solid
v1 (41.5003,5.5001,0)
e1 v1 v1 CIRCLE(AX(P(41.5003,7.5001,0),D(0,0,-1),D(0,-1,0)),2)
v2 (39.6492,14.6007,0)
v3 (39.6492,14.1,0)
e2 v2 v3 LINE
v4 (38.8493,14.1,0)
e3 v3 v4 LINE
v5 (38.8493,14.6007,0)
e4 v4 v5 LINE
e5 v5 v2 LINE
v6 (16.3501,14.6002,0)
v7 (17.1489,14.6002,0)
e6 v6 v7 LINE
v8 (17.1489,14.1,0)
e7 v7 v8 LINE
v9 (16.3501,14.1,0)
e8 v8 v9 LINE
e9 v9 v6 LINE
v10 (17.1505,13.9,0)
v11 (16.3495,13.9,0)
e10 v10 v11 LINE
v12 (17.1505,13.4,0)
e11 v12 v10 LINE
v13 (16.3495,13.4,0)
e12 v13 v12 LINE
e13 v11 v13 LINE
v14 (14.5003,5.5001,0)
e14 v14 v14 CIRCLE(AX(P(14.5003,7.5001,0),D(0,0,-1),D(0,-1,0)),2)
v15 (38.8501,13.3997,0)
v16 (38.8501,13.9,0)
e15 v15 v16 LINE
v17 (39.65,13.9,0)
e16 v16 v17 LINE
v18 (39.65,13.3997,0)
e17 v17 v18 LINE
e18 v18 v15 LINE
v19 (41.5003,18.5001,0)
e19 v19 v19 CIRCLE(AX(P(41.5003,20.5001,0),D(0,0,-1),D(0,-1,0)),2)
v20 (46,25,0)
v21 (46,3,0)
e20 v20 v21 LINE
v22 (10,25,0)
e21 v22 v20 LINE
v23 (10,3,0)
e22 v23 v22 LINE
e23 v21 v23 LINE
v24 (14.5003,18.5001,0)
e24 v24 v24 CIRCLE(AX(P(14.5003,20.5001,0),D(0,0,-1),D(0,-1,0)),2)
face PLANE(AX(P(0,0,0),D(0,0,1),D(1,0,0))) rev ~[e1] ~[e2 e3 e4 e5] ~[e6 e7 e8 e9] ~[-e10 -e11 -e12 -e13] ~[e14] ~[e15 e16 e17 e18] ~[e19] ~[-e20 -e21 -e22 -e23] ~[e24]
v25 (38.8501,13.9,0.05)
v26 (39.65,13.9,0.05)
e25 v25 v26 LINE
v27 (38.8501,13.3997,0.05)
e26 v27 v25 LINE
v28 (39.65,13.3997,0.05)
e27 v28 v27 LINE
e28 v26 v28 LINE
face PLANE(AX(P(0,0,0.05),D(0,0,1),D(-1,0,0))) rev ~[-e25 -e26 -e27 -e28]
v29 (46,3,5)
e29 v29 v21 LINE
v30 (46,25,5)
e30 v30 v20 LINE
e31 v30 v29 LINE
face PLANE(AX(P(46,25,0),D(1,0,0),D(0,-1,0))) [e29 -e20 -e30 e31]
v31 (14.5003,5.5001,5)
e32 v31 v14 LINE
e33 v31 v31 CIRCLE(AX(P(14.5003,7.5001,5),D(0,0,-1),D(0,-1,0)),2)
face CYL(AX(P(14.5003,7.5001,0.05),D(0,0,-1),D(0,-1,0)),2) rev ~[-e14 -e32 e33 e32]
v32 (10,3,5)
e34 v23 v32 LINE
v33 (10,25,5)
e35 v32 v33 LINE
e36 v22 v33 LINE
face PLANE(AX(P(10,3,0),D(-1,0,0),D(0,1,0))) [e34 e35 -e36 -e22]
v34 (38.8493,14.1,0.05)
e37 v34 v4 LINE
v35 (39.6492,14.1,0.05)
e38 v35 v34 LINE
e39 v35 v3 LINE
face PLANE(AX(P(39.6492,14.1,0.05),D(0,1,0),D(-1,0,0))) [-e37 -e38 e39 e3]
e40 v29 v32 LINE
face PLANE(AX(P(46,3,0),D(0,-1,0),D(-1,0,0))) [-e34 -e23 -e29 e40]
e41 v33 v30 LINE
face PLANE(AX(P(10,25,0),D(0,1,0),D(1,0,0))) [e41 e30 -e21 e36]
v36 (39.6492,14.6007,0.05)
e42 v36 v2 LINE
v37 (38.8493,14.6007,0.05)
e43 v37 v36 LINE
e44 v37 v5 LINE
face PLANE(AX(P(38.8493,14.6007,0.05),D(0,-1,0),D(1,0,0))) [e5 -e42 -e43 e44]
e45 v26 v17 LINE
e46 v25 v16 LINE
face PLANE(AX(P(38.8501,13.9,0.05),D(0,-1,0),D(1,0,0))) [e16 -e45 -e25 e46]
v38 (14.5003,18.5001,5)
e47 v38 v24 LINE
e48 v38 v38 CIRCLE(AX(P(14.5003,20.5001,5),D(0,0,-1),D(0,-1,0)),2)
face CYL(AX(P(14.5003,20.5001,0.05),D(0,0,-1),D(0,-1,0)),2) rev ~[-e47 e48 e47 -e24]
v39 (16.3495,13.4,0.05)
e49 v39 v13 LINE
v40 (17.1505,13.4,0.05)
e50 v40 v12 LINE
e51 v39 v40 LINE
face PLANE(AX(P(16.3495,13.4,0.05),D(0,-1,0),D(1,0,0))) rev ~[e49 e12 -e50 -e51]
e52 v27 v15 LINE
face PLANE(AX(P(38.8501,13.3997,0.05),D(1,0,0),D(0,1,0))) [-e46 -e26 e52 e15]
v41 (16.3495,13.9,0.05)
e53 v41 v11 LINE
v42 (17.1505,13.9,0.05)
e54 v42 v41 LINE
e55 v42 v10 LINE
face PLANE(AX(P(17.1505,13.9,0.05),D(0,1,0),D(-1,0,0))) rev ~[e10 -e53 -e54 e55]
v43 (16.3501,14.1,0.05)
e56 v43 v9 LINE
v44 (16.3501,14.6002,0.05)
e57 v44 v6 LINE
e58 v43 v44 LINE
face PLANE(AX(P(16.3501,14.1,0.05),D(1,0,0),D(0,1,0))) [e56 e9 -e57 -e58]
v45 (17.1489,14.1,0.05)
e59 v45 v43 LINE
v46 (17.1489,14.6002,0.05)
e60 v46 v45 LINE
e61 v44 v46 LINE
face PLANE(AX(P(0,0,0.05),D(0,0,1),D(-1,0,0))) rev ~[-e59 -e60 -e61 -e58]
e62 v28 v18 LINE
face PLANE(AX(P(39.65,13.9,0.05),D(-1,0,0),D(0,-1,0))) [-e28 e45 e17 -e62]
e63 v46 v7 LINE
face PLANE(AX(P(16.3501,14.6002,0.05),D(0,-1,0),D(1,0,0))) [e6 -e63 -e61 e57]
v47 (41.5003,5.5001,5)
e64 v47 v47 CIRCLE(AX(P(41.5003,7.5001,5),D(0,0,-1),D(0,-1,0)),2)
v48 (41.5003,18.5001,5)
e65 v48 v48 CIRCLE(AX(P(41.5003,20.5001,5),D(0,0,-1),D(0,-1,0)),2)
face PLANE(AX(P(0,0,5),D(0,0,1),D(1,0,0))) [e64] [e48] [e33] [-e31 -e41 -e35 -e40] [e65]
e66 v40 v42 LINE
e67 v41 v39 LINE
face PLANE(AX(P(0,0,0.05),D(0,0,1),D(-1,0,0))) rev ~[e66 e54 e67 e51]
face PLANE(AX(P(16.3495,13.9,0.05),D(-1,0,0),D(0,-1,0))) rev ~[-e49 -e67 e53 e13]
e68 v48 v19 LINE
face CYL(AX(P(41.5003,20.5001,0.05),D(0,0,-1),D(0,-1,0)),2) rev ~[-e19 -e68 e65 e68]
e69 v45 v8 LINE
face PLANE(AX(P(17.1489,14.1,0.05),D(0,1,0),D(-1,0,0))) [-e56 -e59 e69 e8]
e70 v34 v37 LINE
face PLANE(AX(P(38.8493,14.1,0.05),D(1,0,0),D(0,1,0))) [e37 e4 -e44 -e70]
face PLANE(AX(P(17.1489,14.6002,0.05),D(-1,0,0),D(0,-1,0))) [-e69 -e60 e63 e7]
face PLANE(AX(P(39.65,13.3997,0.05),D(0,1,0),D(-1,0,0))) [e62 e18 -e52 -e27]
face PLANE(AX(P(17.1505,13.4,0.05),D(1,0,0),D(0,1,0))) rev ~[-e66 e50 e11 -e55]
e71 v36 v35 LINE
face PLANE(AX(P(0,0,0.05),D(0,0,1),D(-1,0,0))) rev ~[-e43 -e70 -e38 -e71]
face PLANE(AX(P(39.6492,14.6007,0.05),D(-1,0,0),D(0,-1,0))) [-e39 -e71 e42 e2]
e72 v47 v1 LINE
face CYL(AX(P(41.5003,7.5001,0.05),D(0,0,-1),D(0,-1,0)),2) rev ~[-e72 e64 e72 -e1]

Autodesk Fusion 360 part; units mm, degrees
sketch "Sketch1" plane through (0, 0, 0) normal (0, 0, 1) x (1, 0, 0)
  line L0 (10, 25) -> (46, 25)
  line L1 (46, 25) -> (46, 3)
  line L2 (46, 3) -> (10, 3)
  line L3 (10, 3) -> (10, 25)
  dimension "d1" = 36
  dimension "d2" = 22
extrude "Extrude1" add sketch "Sketch1" along normal blind 5
sketch "Sketch2" plane through (0, 0, 5) normal (0, 0, 1) x (-1, 0, 0)
  line L0 (-10, -3) -> (-46, -3)
  line L1 (-46, -3) -> (-46, -25)
  line L2 (-46, -25) -> (-10, -25)
  line L3 (-10, -25) -> (-10, -3)
  line L4 (-21.9549, -14.5099) -> (-33.9998, -14.5099)
  line L5 (-33.9998, -14.5099) -> (-33.9998, -13.5007)
  line L6 (-33.9998, -13.5007) -> (-21.9549, -13.5007)
  line L7 (-21.9549, -13.5007) -> (-21.9549, -14.5099)
hole "Hole3" at (14.5003, 20.5001, 5) direction (0, 0, -1) diameter 4 depth 5 tip angle 180
pattern_linear "R-Pattern2" count 2 spacing 13 along (0, -1, 0) count 2 spacing 27 along (1, 0, 0) of "Hole3"

Autodesk Fusion 360 part; units mm, degrees
sketch "Sketch1" plane through (0, 0, 0) normal (0, 0, 1) x (1, 0, 0)
  line L0 (10, 25) -> (46, 25)
  line L1 (46, 25) -> (46, 3)
  line L2 (46, 3) -> (10, 3)
  line L3 (10, 3) -> (10, 25)
  dimension "d1" = 36
  dimension "d2" = 22
extrude "Extrude1" add sketch "Sketch1" along normal blind 0.05
sketch "Sketch5" plane through (0, 0, 0.05) normal (0, 0, 1) x (-1, 0, 0)
  line L0 (-10, -3) -> (-46, -3)
  line L1 (-46, -3) -> (-46, -25)
  line L2 (-46, -25) -> (-10, -25)
  line L3 (-10, -25) -> (-10, -3)
  line L4 (-16.7182, -15.0406) -> (-21.9549, -13.5007)
  line L5 (-21.9549, -14.5099) -> (-16.0325, -16.2515)
  line L6 (-16.7182, -15.0406) -> (-16.0325, -16.2515)
hole "Hole3" at (14.5003, 20.5001, 0.05) direction (0, 0, -1) diameter 4 depth 4 tip angle 180
pattern_linear "R-Pattern2" count 2 spacing 13 along (0, -1, 0) count 2 spacing 27 along (1, 0, 0) of "Hole3"
sketch "Sketch11" plane through (0, 0, 0.05) normal (0, 0, 1) x (-1, 0, 0)
  circle A0 centre (-41.5003, -7.5001) radius 2
  circle A1 centre (-41.5003, -20.5001) radius 2
  circle A2 centre (-14.5003, -7.5001) radius 2
  circle A3 centre (-14.5003, -20.5001) radius 2
  line L0 (-10, -3) -> (-46, -3)
  line L1 (-46, -3) -> (-46, -25)
  line L2 (-46, -25) -> (-10, -25)
  line L3 (-10, -25) -> (-10, -3)
  line L4 (-16.3501, -14.6002) -> (-17.1489, -14.6002)
  line L5 (-17.1489, -14.6002) -> (-17.1489, -14.1)
  line L6 (-17.1489, -14.1) -> (-16.3501, -14.1)
  line L7 (-16.3501, -14.1) -> (-16.3501, -14.6002)
  line L8 (-16.3495, -13.4) -> (-17.1505, -13.4)
  line L9 (-17.1505, -13.4) -> (-17.1505, -13.9)
  line L10 (-17.1505, -13.9) -> (-16.3495, -13.9)
  line L11 (-16.3495, -13.9) -> (-16.3495, -13.4)
extrude "Extrude8" cut sketch "Sketch11" against normal blind 1.6 contours L4 L5 L6 L7 | L8 L9 L10 L11
sketch "Sketch15" plane through (0, 0, 0.05) normal (0, 0, 1) x (-1, 0, 0)
  line L0 (-16.3495, -13.4) -> (-16.3495, -13.9)
  line L1 (-16.3495, -13.9) -> (-17.1505, -13.9)
  line L2 (-17.1505, -13.9) -> (-17.1505, -13.4)
  line L3 (-17.1505, -13.4) -> (-16.3495, -13.4)
  line L4 (-16.3501, -14.6002) -> (-17.1489, -14.6002)
  line L5 (-17.1489, -14.6002) -> (-17.1489, -14.1)
  line L6 (-17.1489, -14.1) -> (-16.3501, -14.1)
  line L7 (-16.3501, -14.1) -> (-16.3501, -14.6002)
  circle A0 centre (-41.5003, -7.5001) radius 2
  circle A1 centre (-41.5003, -20.5001) radius 2
  circle A2 centre (-14.5003, -7.5001) radius 2
  circle A3 centre (-14.5003, -20.5001) radius 2
  line L8 (-10, -3) -> (-46, -3)
  line L9 (-46, -3) -> (-46, -25)
  line L10 (-46, -25) -> (-10, -25)
  line L11 (-10, -25) -> (-10, -3)
  line L12 (-38.8493, -14.6007) -> (-39.6492, -14.6007)
  line L13 (-39.6492, -14.6007) -> (-39.6492, -14.1)
  line L14 (-39.6492, -14.1) -> (-38.8493, -14.1)
  line L15 (-38.8493, -14.1) -> (-38.8493, -14.6007)
  line L16 (-38.8501, -13.9) -> (-39.65, -13.9)
  line L17 (-39.65, -13.9) -> (-39.65, -13.3997)
  line L18 (-39.65, -13.3997) -> (-38.8501, -13.3997)
  line L19 (-38.8501, -13.3997) -> (-38.8501, -13.9)
extrude "Extrude10" cut sketch "Sketch15" against normal blind 1.6 contours L12 L13 L14 L15 | L16 L17 L18 L19
